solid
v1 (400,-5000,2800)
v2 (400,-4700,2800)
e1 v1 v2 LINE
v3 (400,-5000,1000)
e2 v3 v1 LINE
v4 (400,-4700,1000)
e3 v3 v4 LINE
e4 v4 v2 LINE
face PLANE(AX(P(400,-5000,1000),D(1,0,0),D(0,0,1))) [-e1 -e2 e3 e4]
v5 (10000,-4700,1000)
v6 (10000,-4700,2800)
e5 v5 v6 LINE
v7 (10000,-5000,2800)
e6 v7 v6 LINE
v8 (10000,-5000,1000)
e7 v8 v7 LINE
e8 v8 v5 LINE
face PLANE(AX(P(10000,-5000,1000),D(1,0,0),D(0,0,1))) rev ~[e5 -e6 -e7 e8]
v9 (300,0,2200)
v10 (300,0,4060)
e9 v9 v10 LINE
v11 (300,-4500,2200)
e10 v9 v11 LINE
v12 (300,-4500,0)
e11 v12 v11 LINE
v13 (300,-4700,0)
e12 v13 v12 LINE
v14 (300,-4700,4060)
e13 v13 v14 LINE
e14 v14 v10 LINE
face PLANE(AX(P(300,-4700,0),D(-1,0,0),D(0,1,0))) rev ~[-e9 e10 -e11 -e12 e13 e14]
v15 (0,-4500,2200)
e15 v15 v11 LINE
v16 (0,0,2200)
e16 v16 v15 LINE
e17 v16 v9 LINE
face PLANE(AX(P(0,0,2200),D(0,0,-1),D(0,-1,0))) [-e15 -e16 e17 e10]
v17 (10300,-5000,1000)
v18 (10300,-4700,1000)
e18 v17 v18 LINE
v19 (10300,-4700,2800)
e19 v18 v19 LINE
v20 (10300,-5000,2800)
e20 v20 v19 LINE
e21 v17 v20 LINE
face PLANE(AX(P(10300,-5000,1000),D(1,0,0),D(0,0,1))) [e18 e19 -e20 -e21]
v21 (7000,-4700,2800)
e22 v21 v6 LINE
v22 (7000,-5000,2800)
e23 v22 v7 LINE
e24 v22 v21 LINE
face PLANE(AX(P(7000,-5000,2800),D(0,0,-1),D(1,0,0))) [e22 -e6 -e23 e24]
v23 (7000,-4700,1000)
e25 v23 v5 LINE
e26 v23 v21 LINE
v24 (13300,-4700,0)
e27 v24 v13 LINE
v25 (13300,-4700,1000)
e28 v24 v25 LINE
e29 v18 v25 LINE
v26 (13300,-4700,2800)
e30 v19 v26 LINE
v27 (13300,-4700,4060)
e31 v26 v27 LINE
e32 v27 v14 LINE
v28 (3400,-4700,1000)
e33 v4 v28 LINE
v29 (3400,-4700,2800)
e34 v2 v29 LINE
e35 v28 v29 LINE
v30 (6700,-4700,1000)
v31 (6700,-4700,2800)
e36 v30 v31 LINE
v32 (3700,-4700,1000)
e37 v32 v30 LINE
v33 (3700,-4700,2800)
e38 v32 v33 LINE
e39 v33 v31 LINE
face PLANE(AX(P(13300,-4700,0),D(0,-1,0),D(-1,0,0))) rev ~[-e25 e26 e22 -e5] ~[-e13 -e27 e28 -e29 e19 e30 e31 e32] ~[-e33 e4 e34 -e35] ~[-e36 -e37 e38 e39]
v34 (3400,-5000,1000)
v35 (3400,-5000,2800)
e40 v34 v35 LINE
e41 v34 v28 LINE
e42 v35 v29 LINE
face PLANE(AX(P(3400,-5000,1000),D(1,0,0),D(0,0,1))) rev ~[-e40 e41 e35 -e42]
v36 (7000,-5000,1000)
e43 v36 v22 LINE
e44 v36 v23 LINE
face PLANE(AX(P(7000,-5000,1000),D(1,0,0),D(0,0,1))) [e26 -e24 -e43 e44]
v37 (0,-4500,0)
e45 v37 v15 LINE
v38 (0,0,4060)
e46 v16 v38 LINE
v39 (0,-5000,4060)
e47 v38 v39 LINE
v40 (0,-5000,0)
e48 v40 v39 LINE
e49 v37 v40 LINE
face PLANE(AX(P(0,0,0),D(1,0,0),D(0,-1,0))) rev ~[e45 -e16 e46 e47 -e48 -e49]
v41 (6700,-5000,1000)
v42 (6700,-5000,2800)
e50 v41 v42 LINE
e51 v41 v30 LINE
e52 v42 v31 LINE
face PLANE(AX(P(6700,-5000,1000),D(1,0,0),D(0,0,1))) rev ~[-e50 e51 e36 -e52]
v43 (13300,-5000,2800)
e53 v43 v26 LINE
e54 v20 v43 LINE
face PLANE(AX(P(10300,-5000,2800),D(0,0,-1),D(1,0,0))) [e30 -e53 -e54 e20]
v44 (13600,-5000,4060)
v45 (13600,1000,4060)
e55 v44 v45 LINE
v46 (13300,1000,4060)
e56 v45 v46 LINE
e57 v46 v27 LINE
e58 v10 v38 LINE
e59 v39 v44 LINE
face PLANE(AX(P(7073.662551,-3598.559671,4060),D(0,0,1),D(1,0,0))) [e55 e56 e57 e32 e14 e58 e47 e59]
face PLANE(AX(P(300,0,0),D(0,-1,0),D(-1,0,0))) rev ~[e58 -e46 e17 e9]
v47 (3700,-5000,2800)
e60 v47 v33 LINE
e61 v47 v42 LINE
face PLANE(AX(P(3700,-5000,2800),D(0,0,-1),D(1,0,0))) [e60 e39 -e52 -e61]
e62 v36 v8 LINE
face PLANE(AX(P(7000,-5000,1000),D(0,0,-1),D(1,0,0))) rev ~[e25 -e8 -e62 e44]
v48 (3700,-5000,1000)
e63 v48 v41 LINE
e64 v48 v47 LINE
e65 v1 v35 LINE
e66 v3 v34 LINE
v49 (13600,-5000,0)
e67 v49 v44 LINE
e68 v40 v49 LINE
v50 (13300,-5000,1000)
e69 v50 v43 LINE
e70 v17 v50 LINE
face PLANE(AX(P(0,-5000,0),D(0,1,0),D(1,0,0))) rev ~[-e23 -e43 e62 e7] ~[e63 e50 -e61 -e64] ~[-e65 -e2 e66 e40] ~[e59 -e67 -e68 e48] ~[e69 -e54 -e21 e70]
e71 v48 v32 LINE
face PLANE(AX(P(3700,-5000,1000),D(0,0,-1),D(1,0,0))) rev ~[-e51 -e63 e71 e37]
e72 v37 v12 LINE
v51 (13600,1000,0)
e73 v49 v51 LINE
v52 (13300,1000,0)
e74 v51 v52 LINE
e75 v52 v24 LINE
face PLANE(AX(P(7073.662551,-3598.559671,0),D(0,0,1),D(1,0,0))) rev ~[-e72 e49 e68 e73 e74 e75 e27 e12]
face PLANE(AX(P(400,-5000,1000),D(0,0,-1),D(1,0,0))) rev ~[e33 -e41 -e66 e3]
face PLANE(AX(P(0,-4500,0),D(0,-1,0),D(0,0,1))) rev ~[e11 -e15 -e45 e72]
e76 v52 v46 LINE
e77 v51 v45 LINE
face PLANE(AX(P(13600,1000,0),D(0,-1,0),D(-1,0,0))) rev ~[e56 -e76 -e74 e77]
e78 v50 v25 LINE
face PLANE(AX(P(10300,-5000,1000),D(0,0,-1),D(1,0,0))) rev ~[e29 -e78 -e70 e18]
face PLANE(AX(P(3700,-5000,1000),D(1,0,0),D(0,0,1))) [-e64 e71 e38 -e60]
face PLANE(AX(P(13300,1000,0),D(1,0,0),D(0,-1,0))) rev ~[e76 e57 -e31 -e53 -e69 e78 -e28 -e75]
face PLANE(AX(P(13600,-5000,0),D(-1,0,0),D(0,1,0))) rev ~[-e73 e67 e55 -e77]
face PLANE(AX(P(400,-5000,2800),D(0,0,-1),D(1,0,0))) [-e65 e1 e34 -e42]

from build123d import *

# Parameters (mm, degrees)
F1_DEPTH = 4060
F2_W     = 3000
F2_H     = 1800
F3_DEPTH = 6000.001
F5_W     = 4500
F5_H     = 2200
F6_DEPTH = 500
F7_W     = 3000
F7_H     = 1800
F8_DEPTH = 500


with BuildPart() as f1:
    # F0 (on Top) → F1 (new body)
    with BuildSketch(Plane.XY):
        Polygon((300, 0), (0, 0), (0, -5000), (13600, -5000), (13600, 1000), (13300, 1000), (13300, -4700), (300, -4700), align=None)
    extrude(amount=F1_DEPTH)

    # F2 (on face) → F3 (cut, through all)
    with BuildSketch(Plane.XZ.offset(5000)):
        with Locations((1900, 1900)):
            Rectangle(F2_W, F2_H)
        with Locations((5200, 1900)):
            Rectangle(F2_W, F2_H)
        with Locations((8500, 1900)):
            Rectangle(F2_W, F2_H)
    extrude(amount=-F3_DEPTH, mode=Mode.SUBTRACT)

    # F5 (on face) → F6 (cut)
    with BuildSketch(Plane(origin=(0, 0, 0), x_dir=(0, -1, 0), z_dir=(-1, 0, 0))):
        with Locations((2250, 1100)):
            Rectangle(F5_W, F5_H)
    extrude(amount=-F6_DEPTH, mode=Mode.SUBTRACT)

    # F7 (on face) → F8 (cut)
    with BuildSketch(Plane.XZ.offset(5000)):
        with Locations((11800, 1900)):
            Rectangle(F7_W, F7_H)
    extrude(amount=-F8_DEPTH, mode=Mode.SUBTRACT)


solid = f1.part
